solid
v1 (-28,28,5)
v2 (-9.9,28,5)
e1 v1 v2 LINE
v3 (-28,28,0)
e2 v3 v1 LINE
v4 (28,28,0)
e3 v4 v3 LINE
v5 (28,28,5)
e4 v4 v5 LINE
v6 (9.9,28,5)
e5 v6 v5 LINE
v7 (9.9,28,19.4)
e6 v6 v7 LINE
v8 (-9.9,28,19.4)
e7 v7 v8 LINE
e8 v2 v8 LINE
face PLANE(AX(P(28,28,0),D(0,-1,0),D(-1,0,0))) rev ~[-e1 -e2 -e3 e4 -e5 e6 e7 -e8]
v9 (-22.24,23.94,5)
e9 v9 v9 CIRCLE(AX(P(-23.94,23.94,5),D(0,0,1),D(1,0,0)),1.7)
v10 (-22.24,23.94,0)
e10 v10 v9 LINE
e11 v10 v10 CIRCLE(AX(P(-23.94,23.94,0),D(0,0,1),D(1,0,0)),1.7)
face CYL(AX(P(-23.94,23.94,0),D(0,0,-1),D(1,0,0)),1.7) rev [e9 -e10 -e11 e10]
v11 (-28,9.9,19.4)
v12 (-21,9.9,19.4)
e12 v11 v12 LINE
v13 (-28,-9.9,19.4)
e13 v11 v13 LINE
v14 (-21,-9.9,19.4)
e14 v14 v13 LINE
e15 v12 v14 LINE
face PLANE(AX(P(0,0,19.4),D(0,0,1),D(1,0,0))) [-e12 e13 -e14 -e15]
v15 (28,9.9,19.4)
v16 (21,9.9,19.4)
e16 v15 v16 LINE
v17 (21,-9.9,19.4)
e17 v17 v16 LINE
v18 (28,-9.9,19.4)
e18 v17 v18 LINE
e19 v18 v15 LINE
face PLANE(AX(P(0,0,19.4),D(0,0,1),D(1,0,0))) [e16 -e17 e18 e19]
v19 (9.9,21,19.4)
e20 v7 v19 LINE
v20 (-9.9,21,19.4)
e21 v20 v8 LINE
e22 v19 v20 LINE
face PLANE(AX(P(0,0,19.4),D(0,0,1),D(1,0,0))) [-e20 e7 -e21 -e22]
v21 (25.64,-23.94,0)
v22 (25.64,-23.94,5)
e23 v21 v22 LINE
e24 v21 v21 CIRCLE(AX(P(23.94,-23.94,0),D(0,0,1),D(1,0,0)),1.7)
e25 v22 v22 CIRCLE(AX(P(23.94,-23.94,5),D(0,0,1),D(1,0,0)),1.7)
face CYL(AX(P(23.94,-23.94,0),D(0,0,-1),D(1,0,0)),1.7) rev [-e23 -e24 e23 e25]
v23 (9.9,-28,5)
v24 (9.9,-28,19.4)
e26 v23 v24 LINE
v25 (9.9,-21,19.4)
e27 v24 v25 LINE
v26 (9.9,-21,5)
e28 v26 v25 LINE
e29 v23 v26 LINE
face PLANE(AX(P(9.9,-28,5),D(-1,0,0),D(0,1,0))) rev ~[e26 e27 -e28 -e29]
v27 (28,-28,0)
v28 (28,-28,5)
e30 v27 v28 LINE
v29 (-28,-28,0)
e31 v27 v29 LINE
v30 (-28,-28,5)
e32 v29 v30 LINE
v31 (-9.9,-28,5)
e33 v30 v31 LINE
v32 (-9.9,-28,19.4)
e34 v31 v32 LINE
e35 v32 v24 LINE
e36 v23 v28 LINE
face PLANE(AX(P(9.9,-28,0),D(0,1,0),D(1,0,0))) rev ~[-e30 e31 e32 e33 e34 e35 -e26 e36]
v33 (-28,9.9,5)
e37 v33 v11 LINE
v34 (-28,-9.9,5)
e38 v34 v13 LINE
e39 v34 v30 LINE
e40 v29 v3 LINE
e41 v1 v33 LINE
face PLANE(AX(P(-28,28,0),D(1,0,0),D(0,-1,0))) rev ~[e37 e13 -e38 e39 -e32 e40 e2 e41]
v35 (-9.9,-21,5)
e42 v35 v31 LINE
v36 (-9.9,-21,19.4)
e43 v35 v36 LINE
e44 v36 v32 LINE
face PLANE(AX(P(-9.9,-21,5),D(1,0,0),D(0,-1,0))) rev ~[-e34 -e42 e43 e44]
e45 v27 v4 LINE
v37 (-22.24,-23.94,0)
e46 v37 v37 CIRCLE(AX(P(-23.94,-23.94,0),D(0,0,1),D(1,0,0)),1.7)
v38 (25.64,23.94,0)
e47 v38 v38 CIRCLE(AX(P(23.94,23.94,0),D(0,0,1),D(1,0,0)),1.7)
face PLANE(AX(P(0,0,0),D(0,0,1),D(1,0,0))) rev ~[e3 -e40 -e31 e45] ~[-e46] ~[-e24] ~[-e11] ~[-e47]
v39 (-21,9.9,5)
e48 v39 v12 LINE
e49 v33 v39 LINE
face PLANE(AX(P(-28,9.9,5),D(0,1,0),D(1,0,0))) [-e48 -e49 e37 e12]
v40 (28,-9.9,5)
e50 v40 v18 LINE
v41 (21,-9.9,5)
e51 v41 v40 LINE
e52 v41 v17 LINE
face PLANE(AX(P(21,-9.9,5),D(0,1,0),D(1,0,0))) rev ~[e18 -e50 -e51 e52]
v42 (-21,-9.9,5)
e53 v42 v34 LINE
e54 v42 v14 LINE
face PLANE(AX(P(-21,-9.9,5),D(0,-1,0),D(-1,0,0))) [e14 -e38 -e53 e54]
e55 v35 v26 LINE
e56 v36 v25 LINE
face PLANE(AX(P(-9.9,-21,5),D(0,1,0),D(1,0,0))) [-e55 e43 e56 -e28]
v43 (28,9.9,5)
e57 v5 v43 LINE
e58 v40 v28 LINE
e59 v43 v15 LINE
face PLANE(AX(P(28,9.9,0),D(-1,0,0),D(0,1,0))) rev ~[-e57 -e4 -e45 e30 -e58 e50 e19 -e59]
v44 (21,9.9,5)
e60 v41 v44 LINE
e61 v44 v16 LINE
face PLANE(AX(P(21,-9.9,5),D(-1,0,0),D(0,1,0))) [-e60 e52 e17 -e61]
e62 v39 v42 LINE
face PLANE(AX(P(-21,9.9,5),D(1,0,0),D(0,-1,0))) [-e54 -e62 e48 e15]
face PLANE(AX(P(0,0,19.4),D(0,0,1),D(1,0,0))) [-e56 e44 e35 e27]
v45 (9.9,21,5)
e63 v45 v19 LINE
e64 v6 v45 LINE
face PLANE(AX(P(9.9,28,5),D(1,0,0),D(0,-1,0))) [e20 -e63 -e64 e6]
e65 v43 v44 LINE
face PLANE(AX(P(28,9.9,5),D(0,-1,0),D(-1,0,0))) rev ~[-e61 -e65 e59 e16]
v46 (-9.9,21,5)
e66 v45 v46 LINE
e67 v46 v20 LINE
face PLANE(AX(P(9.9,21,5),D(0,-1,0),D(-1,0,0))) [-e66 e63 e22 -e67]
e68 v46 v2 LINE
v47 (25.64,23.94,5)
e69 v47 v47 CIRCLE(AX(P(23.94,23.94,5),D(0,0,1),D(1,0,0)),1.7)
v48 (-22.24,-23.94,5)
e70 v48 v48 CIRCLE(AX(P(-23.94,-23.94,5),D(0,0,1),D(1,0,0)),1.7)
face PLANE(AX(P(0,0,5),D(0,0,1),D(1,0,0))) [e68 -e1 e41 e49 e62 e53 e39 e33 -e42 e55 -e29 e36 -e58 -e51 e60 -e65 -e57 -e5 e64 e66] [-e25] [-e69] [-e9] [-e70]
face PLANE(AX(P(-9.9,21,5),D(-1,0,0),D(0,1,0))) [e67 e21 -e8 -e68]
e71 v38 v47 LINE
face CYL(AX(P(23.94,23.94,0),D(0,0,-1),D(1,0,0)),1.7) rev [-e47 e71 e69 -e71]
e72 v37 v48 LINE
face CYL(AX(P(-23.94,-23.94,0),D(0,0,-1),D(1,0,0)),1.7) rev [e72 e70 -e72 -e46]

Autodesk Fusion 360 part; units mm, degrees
sketch "Sketch1" plane through (0, 0, 0) normal (0, 0, 1) x (1, 0, 0)
  line L0 (28, 28) -> (-28, 28)
  line L1 (-28, 28) -> (-28, -28)
  line L2 (-28, -28) -> (28, -28)
  line L3 (28, -28) -> (28, 28)
  line L4 (28, 28) -> (-28, -28) construction
  line L5 (-28, 28) -> (28, -28) construction
  line L6 (21, 21) -> (-21, 21)
  line L7 (-21, 21) -> (-21, -21)
  line L8 (-21, -21) -> (21, -21)
  line L9 (21, -21) -> (21, 21)
  line L10 (21, 21) -> (-21, -21) construction
  line L11 (-21, 21) -> (21, -21) construction
  line L12 (-28, 0) -> (28, 0) construction
  line L13 (0, 28) -> (0, -28) construction
  line L14 (-28, 9.9) -> (-21, 9.9)
  line L15 (-21, 9.9) -> (-21, -9.9)
  line L16 (-21, -9.9) -> (-28, -9.9)
  line L17 (-28, -9.9) -> (-28, 9.9)
  line L18 (21, -9.9) -> (28, -9.9)
  line L19 (28, 9.9) -> (21, 9.9)
  line L20 (-9.9, -28) -> (9.9, -28)
  line L21 (9.9, -28) -> (9.9, -21)
  line L22 (9.9, -21) -> (-9.9, -21)
  line L23 (-9.9, -21) -> (-9.9, -28)
  line L24 (9.9, 28) -> (9.9, 21)
  line L25 (-9.9, 21) -> (-9.9, 28)
  circle A0 centre (23.94, 23.94) radius 1.7
  circle A1 centre (-23.94, 23.94) radius 1.7
  circle A2 centre (23.94, -23.94) radius 1.7
  circle A3 centre (-23.94, -23.94) radius 1.7
  dimension "d1" = 56
  dimension "d2" = 56
  dimension "d3" = 42
  dimension "d4" = 42
  dimension "d5" = 19.8
  dimension "d6" = 19.8
  dimension "d7" = 3.4
  dimension "d8" = 4.06
  dimension "d9" = 7
sketch "Sketch2" plane through (0, 0, 0) normal (0, 1, 0) x (1, 0, 0)
  point P0 (0, -5)
  point P1 (0, -19.4)
  dimension "d10" = 5
  dimension "d11" = 14.4
extrude "Extrude1" add sketch "Sketch1" along normal up to surface (5 mm away)
extrude "Extrude2" add sketch "Sketch1" along normal up to surface (14.4 mm away) from surface at 5 contours L0 L6 L24 L25 | L3 L9 L18 L19 | L1 L7 L14 L15 L16 L17 | L2 L8 L20 L21 L22 L23
equation "d6 = d5"
equation "d8 = 0.29 * ( d1 - d3 )"
